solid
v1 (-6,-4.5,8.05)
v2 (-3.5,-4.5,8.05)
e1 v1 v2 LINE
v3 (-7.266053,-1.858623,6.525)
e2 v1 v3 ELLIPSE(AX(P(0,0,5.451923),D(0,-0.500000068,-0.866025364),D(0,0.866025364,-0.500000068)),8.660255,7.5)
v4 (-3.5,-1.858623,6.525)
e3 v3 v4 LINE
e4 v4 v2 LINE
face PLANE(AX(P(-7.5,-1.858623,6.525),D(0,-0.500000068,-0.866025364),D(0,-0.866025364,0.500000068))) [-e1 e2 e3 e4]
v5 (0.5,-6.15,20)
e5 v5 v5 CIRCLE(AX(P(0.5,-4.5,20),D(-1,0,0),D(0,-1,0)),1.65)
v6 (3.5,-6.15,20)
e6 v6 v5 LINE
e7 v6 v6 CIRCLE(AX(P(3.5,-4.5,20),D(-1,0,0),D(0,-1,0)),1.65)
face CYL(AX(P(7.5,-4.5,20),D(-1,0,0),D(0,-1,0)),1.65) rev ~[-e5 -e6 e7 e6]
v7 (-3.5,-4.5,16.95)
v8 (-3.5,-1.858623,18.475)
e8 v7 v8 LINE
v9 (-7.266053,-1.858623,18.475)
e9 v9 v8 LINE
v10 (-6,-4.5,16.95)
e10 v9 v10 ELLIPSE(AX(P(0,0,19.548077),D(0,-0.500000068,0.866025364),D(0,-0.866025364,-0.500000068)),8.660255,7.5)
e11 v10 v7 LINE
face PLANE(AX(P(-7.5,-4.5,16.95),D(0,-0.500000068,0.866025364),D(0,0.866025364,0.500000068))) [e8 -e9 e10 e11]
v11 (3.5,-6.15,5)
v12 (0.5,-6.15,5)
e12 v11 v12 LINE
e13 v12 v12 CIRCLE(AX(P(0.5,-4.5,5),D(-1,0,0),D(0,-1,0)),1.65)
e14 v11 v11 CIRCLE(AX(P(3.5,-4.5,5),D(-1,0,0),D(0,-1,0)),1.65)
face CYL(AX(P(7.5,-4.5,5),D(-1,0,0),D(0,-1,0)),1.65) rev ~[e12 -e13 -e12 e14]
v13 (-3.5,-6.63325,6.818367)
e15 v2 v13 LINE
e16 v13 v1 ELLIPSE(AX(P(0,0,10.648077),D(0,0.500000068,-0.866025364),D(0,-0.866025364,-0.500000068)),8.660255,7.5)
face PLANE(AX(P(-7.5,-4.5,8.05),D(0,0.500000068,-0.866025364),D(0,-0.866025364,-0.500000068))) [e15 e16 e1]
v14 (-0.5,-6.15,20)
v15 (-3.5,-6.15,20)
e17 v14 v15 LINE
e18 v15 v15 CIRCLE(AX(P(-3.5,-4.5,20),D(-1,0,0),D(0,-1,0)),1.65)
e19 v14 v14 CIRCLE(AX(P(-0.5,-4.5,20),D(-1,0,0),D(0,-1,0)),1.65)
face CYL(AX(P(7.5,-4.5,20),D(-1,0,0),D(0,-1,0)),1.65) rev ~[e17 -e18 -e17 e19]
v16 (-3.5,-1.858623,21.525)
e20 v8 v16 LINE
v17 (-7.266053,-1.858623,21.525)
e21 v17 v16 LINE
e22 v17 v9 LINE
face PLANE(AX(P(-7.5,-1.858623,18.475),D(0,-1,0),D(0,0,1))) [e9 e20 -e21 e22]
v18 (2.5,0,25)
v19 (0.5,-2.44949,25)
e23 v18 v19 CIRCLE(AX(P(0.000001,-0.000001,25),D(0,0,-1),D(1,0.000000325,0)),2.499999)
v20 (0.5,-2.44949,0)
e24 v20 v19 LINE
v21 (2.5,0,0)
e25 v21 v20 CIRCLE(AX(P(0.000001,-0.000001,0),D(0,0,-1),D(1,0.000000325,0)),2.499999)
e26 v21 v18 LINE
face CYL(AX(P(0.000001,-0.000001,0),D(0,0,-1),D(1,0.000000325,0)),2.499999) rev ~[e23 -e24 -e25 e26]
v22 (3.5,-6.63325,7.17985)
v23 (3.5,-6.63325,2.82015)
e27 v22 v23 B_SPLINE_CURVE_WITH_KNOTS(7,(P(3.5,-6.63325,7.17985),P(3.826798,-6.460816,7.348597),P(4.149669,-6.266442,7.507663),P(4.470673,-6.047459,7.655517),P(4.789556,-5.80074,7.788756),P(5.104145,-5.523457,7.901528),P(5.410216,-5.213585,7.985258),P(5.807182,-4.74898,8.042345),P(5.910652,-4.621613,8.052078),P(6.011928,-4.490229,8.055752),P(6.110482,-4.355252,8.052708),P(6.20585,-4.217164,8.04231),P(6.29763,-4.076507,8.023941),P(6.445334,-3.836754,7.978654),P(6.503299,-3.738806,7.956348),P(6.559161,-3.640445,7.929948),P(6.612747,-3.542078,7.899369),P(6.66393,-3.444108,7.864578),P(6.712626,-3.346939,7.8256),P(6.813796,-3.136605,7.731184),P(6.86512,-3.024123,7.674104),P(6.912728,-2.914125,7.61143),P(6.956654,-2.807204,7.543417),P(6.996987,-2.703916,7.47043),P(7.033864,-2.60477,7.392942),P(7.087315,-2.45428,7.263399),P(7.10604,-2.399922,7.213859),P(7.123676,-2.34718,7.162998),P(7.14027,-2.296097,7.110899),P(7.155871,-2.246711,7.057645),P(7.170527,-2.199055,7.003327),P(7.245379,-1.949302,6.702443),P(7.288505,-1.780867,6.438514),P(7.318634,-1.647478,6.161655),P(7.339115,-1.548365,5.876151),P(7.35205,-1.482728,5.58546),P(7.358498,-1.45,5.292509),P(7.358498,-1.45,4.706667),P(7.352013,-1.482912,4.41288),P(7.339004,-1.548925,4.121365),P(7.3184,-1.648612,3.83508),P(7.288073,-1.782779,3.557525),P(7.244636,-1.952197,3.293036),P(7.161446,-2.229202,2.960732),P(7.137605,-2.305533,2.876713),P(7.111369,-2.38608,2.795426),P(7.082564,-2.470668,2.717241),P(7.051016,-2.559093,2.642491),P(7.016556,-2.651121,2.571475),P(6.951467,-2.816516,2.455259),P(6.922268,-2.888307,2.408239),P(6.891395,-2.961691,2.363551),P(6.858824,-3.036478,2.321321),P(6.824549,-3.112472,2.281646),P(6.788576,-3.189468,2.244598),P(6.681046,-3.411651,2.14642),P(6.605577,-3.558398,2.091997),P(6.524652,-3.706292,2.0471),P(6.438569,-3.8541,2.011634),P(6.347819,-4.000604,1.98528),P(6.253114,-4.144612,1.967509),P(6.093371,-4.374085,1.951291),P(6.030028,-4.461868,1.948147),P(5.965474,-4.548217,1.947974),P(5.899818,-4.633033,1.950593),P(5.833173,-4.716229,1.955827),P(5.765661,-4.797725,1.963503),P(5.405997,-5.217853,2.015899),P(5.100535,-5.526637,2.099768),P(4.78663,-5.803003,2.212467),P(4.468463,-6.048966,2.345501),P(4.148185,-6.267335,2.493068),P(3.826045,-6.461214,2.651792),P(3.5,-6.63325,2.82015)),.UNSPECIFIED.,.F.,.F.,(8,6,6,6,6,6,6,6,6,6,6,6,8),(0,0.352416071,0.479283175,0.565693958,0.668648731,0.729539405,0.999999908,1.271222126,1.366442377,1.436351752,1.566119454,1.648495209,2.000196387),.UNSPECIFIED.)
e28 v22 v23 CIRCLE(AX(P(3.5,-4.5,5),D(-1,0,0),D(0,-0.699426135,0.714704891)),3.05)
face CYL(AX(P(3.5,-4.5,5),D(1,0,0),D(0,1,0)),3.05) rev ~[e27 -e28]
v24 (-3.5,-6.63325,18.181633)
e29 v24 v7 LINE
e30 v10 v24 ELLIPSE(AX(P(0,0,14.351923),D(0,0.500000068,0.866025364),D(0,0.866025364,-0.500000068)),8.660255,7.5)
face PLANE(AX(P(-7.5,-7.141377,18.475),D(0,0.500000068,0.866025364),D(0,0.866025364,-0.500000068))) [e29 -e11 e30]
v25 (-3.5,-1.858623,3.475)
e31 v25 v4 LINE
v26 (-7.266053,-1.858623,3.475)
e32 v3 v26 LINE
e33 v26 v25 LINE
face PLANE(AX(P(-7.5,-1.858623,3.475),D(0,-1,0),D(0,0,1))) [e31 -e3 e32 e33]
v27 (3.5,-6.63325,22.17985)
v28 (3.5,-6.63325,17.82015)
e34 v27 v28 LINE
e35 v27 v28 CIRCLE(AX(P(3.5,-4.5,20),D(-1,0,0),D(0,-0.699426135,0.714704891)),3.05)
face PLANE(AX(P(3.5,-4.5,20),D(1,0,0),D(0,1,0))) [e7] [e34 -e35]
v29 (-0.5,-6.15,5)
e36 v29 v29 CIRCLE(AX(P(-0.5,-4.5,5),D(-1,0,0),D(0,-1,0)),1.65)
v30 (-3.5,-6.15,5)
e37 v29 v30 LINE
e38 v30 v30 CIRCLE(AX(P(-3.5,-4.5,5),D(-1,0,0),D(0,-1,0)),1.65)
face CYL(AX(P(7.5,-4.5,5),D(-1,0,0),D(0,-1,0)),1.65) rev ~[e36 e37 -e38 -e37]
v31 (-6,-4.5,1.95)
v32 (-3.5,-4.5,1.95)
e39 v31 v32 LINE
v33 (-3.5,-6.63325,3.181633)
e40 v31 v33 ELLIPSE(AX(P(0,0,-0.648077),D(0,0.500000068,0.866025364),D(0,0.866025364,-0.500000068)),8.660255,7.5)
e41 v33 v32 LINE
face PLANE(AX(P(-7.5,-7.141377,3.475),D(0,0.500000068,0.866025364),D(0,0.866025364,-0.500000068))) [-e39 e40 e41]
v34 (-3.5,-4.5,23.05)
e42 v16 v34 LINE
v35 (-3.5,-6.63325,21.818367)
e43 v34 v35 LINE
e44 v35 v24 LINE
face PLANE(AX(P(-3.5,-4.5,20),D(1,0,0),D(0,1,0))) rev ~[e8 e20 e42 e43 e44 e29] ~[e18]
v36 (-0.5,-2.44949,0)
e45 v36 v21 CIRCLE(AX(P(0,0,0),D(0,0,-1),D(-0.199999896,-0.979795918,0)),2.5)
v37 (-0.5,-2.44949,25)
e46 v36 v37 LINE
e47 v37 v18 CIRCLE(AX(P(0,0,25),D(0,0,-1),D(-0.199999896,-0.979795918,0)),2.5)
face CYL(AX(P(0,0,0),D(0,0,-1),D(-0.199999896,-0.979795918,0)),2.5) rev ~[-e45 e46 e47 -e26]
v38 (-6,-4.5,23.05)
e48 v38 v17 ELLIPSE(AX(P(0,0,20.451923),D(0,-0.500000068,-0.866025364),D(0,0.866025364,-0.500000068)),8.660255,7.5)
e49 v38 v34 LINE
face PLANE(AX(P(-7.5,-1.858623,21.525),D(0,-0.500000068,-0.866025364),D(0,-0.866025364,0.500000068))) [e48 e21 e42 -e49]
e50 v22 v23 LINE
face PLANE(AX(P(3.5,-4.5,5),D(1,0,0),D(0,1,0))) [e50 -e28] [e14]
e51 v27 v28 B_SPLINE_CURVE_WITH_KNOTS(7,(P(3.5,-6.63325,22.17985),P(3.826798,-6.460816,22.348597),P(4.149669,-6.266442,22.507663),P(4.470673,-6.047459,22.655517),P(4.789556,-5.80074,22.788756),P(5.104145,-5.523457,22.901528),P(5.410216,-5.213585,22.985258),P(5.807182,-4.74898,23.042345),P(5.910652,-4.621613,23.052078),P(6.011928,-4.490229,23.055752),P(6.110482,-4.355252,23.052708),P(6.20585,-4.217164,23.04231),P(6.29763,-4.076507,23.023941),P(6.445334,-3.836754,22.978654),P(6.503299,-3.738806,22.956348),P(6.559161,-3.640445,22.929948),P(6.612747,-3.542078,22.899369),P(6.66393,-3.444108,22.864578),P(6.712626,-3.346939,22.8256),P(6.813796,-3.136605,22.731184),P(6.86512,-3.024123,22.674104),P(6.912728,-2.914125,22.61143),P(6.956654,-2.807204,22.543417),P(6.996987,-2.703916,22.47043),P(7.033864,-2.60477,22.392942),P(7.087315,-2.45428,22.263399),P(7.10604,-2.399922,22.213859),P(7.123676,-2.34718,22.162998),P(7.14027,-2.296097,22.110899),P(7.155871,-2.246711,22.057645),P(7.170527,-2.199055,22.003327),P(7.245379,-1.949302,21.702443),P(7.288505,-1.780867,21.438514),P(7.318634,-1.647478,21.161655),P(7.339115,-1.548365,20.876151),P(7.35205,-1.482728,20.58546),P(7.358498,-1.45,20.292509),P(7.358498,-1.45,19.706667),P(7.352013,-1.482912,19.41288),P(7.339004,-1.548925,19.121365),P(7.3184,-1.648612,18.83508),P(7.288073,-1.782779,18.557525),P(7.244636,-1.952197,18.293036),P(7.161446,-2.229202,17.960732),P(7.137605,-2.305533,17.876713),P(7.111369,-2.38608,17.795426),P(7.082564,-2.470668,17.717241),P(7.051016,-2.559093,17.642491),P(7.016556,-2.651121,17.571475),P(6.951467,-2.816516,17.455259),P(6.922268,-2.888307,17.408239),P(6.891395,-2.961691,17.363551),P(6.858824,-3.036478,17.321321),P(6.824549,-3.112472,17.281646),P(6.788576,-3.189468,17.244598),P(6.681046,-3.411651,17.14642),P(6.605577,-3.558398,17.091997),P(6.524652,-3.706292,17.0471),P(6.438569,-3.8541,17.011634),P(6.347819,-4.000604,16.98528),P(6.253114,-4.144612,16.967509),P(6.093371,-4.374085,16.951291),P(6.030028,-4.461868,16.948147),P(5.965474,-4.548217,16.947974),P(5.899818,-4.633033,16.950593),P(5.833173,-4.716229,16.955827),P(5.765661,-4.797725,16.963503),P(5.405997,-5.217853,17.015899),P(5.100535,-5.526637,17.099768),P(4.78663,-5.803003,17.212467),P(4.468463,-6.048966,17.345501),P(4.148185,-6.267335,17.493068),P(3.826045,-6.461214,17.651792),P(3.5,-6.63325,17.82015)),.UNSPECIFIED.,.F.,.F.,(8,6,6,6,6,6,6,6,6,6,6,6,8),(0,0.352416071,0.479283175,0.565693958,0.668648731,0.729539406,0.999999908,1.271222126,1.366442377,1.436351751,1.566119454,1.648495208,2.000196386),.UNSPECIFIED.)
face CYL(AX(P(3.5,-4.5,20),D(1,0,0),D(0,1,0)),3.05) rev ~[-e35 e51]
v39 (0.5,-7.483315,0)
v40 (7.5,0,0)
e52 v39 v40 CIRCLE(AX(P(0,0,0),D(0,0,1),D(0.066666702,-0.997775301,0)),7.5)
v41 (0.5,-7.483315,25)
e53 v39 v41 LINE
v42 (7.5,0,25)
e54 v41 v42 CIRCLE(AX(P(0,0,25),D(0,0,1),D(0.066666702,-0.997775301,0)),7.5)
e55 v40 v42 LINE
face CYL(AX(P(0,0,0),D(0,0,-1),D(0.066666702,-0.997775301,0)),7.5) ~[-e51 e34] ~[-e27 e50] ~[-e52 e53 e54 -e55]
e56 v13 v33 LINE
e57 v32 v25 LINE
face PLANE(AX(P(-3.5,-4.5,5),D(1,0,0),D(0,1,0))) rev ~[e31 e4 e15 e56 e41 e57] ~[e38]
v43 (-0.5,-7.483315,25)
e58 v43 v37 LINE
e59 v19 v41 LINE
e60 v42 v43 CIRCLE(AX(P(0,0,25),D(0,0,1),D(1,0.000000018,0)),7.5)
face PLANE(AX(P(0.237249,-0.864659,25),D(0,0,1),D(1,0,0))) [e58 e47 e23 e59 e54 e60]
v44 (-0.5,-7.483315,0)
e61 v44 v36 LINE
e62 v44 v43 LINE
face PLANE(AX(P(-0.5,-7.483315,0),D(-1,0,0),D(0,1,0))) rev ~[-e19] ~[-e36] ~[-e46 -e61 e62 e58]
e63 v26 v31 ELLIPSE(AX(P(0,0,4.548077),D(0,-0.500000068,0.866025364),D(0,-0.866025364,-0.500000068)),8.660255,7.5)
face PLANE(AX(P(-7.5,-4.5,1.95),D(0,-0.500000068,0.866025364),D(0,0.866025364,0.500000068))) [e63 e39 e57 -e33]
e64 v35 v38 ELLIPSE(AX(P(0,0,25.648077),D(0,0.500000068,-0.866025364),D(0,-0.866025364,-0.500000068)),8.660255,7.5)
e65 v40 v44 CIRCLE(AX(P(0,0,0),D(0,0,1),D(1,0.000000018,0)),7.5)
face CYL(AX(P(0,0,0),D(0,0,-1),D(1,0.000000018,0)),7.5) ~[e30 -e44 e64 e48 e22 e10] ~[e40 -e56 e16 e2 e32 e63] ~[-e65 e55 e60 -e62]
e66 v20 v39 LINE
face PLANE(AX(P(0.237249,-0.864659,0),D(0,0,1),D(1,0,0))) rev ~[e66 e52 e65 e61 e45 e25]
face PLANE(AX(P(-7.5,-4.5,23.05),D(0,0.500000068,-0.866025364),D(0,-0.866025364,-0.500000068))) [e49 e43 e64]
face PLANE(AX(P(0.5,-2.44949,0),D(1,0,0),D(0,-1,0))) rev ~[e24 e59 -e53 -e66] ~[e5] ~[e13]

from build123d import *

# Parameters (mm, degrees)
F1_DEPTH       = 25
F4_D           = 3.3
F4_CBORE_D     = 6.1
F4_CBORE_DEPTH = 4
F3_R           = 1.5
F5_DEPTH       = 3
F6_DEPTH       = 3
F9_DEPTH       = 4


with BuildPart() as f1:
    # F0 (on Top) → F1 (new body)
    with BuildSketch(Plane.XY):
        with BuildLine():
            ThreePointArc((-0.5, -2.44949), (-1.581139, 1.936492), (2.5, 0))
            ThreePointArc((2.5, 0), (1.936492, -1.581139), (0.5, -2.44949))
            Line((0.5, -2.44949), (0.5, -7.483315))
            ThreePointArc((0.5, -7.483315), (5.477226, -5.123475), (7.5, 0))
            ThreePointArc((7.5, 0), (-5.123475, 5.477226), (-0.5, -7.483315))
            Line((-0.5, -7.483315), (-0.5, -2.44949))
        make_face()
    extrude(amount=F1_DEPTH)

    # F4 (through all)
    with Locations(Plane.YZ.offset(7.5)):
        with Locations((-4.5, 20), (-4.5, 5)):
            CounterBoreHole(F4_D / 2, F4_CBORE_D / 2, F4_CBORE_DEPTH)

    # F3 (on plane+point) → F5 (cut)
    with BuildSketch(Plane.YZ.offset(7.5)):
        with Locations((-4.5, 5)):
            Circle(F3_R)
    extrude(amount=-F5_DEPTH, mode=Mode.SUBTRACT)

    # F3 (on plane+point) → F6 (cut)
    with BuildSketch(Plane.YZ.offset(7.5)):
        with Locations((-4.5, 20)):
            Circle(F3_R)
    extrude(amount=-F6_DEPTH, mode=Mode.SUBTRACT)

    # F8 (on plane+point) → F9 (cut)
    with BuildSketch(Plane.YZ.offset(-7.5)):
        Polygon((-7.141377, 3.475), (-4.5, 1.95), (-1.858623, 3.475), (-1.858623, 6.525), (-4.5, 8.05), (-7.141377, 6.525), align=None)
        Polygon((-1.858623, 18.475), (-1.858623, 21.525), (-4.5, 23.05), (-7.141377, 21.525), (-7.141377, 18.475), (-4.5, 16.95), align=None)
    extrude(amount=F9_DEPTH, mode=Mode.SUBTRACT)


solid = f1.part
